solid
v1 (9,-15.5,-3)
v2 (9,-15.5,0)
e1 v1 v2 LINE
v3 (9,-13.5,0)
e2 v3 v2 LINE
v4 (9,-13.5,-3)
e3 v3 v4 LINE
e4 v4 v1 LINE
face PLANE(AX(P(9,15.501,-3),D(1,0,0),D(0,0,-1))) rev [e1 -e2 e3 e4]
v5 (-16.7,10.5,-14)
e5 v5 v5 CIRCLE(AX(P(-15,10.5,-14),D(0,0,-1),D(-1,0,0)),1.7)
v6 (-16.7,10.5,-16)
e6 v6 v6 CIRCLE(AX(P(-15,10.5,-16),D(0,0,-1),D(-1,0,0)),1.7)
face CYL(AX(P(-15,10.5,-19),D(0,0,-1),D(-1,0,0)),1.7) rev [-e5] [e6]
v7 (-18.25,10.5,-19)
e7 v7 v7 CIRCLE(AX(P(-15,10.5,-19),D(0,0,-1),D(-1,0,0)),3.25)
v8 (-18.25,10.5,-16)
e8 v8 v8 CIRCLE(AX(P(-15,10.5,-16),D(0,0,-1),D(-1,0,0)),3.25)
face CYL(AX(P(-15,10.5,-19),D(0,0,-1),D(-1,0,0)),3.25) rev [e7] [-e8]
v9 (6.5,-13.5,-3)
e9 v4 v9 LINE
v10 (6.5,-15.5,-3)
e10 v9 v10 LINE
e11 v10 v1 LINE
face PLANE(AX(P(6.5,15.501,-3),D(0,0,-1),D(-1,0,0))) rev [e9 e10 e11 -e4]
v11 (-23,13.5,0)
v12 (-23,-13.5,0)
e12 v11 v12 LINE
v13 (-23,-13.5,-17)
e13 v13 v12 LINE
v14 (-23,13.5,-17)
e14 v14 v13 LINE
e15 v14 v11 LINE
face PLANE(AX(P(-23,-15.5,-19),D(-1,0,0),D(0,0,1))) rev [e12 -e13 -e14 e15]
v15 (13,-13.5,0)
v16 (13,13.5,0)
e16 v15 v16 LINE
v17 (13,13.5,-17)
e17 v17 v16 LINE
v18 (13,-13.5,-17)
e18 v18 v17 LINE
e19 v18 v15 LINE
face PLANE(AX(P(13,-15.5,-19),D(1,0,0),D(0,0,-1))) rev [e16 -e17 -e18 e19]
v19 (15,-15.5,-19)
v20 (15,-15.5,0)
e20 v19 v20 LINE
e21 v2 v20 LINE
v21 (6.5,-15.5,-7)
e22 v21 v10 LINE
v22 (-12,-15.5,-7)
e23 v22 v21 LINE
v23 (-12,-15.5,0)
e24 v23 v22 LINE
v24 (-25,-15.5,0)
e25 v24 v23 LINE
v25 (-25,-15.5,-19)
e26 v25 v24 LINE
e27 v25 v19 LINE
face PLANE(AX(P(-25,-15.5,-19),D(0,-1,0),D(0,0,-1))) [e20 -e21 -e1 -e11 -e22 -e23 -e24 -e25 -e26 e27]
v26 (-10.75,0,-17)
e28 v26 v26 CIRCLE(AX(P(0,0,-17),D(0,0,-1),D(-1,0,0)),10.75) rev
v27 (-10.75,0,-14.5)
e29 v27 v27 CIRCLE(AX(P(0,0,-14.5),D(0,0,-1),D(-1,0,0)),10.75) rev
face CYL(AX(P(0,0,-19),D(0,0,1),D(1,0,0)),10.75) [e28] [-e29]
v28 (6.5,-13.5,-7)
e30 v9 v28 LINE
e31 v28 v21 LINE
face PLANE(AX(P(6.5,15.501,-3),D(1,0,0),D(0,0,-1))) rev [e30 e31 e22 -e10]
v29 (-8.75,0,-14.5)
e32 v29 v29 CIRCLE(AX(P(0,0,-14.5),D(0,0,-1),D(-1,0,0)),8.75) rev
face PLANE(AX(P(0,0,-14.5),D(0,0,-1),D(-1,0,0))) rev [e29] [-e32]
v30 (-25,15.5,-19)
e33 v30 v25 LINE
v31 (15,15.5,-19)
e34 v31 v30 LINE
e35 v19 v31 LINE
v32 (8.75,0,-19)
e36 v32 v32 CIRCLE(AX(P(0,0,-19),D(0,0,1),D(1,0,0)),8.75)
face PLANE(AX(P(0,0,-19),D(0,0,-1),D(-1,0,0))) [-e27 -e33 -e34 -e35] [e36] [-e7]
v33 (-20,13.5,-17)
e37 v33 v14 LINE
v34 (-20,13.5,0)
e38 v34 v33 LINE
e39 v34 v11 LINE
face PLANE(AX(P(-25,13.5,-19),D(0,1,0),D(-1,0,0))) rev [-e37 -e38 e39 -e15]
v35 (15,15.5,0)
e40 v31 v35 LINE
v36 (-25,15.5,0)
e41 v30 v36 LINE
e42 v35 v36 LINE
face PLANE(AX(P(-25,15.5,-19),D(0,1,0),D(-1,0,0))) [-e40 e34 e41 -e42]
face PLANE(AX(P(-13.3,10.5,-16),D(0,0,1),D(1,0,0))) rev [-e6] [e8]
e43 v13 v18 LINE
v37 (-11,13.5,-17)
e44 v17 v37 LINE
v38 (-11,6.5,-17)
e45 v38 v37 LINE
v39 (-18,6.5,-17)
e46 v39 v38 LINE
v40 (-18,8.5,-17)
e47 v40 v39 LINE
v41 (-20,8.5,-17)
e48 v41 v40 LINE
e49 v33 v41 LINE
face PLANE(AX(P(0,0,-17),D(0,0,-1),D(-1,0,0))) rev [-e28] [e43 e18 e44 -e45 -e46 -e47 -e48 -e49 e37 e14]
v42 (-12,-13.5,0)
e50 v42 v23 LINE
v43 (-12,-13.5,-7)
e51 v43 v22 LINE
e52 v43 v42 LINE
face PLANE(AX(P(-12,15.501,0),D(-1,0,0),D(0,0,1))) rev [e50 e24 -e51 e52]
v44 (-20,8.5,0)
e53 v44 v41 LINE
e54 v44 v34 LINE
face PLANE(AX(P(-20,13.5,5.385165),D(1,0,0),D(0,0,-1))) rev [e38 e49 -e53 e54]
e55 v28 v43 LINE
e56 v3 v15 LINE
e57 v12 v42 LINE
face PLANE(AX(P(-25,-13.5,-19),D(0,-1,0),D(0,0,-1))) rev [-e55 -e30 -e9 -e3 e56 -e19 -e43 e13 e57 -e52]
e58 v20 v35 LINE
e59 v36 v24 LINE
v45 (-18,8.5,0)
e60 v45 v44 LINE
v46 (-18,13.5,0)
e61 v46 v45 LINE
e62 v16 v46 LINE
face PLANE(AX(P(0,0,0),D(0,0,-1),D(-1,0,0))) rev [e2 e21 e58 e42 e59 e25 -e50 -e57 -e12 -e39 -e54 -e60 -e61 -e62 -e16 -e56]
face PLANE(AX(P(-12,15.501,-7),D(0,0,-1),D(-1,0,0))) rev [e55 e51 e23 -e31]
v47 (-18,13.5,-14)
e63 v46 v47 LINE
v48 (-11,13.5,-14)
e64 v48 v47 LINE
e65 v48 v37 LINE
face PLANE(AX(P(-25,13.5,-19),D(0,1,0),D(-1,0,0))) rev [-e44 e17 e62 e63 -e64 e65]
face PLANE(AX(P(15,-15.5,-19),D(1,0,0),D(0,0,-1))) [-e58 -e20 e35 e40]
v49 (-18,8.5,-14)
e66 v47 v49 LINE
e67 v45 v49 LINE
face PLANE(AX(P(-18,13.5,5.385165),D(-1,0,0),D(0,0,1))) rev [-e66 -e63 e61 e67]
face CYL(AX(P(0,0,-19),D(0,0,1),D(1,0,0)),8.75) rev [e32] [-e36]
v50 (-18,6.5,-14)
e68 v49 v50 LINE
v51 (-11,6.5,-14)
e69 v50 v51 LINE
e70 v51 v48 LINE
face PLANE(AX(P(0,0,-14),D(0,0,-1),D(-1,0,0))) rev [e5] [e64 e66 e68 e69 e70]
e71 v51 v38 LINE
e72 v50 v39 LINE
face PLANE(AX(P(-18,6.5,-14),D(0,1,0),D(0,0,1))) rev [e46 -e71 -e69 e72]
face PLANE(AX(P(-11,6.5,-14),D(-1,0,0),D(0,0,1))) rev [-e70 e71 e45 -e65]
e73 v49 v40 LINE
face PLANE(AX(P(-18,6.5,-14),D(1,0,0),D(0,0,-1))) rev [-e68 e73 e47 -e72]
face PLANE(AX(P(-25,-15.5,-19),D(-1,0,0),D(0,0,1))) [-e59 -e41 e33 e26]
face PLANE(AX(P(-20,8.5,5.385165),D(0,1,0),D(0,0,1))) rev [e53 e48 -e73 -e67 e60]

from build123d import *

# Parameters (mm, degrees)
SKETCH1_W                      = 40
SKETCH1_H                      = 31
SKETCH1_R                      = 8.75
BOSS_EXTRUDE1_DEPTH            = 19
SHELL1_T                       = -2
SKETCH2_R                      = 10.75
SKETCH2_R_2                    = 8.75
CUT_EXTRUDE1_DEPTH             = 14.5
SKETCH3_W                      = 2
SKETCH3_H                      = 5
BOSS_EXTRUDE2_DEPTH            = 17
SKETCH8_W                      = 7
SKETCH8_H                      = 7
BOSS_EXTRUDE3_DEPTH            = 3
CBORE_FOR_M3_SHCS1_D           = 3.4
CBORE_FOR_M3_SHCS1_CBORE_D     = 6.5
CBORE_FOR_M3_SHCS1_CBORE_DEPTH = 3
CUT_EXTRUDE3_REACH             = 46.125


with BuildPart() as part:
    # Sketch1 → Boss-Extrude1 (new body)
    with BuildSketch(Plane.XY):
        with Locations((-5, 0)):
            Rectangle(SKETCH1_W, SKETCH1_H)
        Circle(SKETCH1_R, mode=Mode.SUBTRACT)
    extrude(amount=-BOSS_EXTRUDE1_DEPTH)

    # Shell1
    shell1_openings = [part.faces().sort_by_distance(p)[0] for p in [
        (-5, -14.993936763, 0),
    ]]
    offset(amount=SHELL1_T, openings=shell1_openings, kind=Kind.INTERSECTION)

    # Sketch2 → Cut-Extrude1 (cut)
    with BuildSketch(Plane.XY):
        with Locations(Location((0, 0, 0), (0, 0, 180))):
            Circle(SKETCH2_R)
        Circle(SKETCH2_R_2, mode=Mode.SUBTRACT)
    extrude(amount=-CUT_EXTRUDE1_DEPTH, mode=Mode.SUBTRACT)

    # Sketch3 → Boss-Extrude2 (add)
    with BuildSketch(Plane.XY.offset(-17)):
        with Locations((-19, 11)):
            Rectangle(SKETCH3_W, SKETCH3_H)
    extrude(amount=BOSS_EXTRUDE2_DEPTH)

    # Sketch8 → Boss-Extrude3 (add)
    with BuildSketch(Plane.XY.offset(-17)):
        with Locations((-14.5, 10)):
            Rectangle(SKETCH8_W, SKETCH8_H)
    extrude(amount=BOSS_EXTRUDE3_DEPTH)

    # CBORE for M3 SHCS1 (through all)
    with Locations(Plane(origin=(0, 0, -19), x_dir=(-1, 0, 0), z_dir=(0, 0, -1))):
        with Locations((15, 10.5)):
            CounterBoreHole(CBORE_FOR_M3_SHCS1_D / 2, CBORE_FOR_M3_SHCS1_CBORE_D / 2, CBORE_FOR_M3_SHCS1_CBORE_DEPTH)

    # Sketch9 → Cut-Extrude3 (cut, up to next)
    with BuildSketch(Plane.XZ.offset(15.5), mode=Mode.PRIVATE) as cut_extrude3_sk1:
        Polygon((-12, 0), (6.5, 0), (9, 0), (9, -3), (6.5, -3), (6.5, -7), (-12, -7), align=None)
    cut_extrude3_tool1 = extrude(cut_extrude3_sk1.sketch, amount=-CUT_EXTRUDE3_REACH, mode=Mode.PRIVATE) & part.part
    add(cut_extrude3_tool1.solids().sort_by_distance((-2.175182, -15.5, -3.390511))[0], mode=Mode.SUBTRACT)


solid = part.part
